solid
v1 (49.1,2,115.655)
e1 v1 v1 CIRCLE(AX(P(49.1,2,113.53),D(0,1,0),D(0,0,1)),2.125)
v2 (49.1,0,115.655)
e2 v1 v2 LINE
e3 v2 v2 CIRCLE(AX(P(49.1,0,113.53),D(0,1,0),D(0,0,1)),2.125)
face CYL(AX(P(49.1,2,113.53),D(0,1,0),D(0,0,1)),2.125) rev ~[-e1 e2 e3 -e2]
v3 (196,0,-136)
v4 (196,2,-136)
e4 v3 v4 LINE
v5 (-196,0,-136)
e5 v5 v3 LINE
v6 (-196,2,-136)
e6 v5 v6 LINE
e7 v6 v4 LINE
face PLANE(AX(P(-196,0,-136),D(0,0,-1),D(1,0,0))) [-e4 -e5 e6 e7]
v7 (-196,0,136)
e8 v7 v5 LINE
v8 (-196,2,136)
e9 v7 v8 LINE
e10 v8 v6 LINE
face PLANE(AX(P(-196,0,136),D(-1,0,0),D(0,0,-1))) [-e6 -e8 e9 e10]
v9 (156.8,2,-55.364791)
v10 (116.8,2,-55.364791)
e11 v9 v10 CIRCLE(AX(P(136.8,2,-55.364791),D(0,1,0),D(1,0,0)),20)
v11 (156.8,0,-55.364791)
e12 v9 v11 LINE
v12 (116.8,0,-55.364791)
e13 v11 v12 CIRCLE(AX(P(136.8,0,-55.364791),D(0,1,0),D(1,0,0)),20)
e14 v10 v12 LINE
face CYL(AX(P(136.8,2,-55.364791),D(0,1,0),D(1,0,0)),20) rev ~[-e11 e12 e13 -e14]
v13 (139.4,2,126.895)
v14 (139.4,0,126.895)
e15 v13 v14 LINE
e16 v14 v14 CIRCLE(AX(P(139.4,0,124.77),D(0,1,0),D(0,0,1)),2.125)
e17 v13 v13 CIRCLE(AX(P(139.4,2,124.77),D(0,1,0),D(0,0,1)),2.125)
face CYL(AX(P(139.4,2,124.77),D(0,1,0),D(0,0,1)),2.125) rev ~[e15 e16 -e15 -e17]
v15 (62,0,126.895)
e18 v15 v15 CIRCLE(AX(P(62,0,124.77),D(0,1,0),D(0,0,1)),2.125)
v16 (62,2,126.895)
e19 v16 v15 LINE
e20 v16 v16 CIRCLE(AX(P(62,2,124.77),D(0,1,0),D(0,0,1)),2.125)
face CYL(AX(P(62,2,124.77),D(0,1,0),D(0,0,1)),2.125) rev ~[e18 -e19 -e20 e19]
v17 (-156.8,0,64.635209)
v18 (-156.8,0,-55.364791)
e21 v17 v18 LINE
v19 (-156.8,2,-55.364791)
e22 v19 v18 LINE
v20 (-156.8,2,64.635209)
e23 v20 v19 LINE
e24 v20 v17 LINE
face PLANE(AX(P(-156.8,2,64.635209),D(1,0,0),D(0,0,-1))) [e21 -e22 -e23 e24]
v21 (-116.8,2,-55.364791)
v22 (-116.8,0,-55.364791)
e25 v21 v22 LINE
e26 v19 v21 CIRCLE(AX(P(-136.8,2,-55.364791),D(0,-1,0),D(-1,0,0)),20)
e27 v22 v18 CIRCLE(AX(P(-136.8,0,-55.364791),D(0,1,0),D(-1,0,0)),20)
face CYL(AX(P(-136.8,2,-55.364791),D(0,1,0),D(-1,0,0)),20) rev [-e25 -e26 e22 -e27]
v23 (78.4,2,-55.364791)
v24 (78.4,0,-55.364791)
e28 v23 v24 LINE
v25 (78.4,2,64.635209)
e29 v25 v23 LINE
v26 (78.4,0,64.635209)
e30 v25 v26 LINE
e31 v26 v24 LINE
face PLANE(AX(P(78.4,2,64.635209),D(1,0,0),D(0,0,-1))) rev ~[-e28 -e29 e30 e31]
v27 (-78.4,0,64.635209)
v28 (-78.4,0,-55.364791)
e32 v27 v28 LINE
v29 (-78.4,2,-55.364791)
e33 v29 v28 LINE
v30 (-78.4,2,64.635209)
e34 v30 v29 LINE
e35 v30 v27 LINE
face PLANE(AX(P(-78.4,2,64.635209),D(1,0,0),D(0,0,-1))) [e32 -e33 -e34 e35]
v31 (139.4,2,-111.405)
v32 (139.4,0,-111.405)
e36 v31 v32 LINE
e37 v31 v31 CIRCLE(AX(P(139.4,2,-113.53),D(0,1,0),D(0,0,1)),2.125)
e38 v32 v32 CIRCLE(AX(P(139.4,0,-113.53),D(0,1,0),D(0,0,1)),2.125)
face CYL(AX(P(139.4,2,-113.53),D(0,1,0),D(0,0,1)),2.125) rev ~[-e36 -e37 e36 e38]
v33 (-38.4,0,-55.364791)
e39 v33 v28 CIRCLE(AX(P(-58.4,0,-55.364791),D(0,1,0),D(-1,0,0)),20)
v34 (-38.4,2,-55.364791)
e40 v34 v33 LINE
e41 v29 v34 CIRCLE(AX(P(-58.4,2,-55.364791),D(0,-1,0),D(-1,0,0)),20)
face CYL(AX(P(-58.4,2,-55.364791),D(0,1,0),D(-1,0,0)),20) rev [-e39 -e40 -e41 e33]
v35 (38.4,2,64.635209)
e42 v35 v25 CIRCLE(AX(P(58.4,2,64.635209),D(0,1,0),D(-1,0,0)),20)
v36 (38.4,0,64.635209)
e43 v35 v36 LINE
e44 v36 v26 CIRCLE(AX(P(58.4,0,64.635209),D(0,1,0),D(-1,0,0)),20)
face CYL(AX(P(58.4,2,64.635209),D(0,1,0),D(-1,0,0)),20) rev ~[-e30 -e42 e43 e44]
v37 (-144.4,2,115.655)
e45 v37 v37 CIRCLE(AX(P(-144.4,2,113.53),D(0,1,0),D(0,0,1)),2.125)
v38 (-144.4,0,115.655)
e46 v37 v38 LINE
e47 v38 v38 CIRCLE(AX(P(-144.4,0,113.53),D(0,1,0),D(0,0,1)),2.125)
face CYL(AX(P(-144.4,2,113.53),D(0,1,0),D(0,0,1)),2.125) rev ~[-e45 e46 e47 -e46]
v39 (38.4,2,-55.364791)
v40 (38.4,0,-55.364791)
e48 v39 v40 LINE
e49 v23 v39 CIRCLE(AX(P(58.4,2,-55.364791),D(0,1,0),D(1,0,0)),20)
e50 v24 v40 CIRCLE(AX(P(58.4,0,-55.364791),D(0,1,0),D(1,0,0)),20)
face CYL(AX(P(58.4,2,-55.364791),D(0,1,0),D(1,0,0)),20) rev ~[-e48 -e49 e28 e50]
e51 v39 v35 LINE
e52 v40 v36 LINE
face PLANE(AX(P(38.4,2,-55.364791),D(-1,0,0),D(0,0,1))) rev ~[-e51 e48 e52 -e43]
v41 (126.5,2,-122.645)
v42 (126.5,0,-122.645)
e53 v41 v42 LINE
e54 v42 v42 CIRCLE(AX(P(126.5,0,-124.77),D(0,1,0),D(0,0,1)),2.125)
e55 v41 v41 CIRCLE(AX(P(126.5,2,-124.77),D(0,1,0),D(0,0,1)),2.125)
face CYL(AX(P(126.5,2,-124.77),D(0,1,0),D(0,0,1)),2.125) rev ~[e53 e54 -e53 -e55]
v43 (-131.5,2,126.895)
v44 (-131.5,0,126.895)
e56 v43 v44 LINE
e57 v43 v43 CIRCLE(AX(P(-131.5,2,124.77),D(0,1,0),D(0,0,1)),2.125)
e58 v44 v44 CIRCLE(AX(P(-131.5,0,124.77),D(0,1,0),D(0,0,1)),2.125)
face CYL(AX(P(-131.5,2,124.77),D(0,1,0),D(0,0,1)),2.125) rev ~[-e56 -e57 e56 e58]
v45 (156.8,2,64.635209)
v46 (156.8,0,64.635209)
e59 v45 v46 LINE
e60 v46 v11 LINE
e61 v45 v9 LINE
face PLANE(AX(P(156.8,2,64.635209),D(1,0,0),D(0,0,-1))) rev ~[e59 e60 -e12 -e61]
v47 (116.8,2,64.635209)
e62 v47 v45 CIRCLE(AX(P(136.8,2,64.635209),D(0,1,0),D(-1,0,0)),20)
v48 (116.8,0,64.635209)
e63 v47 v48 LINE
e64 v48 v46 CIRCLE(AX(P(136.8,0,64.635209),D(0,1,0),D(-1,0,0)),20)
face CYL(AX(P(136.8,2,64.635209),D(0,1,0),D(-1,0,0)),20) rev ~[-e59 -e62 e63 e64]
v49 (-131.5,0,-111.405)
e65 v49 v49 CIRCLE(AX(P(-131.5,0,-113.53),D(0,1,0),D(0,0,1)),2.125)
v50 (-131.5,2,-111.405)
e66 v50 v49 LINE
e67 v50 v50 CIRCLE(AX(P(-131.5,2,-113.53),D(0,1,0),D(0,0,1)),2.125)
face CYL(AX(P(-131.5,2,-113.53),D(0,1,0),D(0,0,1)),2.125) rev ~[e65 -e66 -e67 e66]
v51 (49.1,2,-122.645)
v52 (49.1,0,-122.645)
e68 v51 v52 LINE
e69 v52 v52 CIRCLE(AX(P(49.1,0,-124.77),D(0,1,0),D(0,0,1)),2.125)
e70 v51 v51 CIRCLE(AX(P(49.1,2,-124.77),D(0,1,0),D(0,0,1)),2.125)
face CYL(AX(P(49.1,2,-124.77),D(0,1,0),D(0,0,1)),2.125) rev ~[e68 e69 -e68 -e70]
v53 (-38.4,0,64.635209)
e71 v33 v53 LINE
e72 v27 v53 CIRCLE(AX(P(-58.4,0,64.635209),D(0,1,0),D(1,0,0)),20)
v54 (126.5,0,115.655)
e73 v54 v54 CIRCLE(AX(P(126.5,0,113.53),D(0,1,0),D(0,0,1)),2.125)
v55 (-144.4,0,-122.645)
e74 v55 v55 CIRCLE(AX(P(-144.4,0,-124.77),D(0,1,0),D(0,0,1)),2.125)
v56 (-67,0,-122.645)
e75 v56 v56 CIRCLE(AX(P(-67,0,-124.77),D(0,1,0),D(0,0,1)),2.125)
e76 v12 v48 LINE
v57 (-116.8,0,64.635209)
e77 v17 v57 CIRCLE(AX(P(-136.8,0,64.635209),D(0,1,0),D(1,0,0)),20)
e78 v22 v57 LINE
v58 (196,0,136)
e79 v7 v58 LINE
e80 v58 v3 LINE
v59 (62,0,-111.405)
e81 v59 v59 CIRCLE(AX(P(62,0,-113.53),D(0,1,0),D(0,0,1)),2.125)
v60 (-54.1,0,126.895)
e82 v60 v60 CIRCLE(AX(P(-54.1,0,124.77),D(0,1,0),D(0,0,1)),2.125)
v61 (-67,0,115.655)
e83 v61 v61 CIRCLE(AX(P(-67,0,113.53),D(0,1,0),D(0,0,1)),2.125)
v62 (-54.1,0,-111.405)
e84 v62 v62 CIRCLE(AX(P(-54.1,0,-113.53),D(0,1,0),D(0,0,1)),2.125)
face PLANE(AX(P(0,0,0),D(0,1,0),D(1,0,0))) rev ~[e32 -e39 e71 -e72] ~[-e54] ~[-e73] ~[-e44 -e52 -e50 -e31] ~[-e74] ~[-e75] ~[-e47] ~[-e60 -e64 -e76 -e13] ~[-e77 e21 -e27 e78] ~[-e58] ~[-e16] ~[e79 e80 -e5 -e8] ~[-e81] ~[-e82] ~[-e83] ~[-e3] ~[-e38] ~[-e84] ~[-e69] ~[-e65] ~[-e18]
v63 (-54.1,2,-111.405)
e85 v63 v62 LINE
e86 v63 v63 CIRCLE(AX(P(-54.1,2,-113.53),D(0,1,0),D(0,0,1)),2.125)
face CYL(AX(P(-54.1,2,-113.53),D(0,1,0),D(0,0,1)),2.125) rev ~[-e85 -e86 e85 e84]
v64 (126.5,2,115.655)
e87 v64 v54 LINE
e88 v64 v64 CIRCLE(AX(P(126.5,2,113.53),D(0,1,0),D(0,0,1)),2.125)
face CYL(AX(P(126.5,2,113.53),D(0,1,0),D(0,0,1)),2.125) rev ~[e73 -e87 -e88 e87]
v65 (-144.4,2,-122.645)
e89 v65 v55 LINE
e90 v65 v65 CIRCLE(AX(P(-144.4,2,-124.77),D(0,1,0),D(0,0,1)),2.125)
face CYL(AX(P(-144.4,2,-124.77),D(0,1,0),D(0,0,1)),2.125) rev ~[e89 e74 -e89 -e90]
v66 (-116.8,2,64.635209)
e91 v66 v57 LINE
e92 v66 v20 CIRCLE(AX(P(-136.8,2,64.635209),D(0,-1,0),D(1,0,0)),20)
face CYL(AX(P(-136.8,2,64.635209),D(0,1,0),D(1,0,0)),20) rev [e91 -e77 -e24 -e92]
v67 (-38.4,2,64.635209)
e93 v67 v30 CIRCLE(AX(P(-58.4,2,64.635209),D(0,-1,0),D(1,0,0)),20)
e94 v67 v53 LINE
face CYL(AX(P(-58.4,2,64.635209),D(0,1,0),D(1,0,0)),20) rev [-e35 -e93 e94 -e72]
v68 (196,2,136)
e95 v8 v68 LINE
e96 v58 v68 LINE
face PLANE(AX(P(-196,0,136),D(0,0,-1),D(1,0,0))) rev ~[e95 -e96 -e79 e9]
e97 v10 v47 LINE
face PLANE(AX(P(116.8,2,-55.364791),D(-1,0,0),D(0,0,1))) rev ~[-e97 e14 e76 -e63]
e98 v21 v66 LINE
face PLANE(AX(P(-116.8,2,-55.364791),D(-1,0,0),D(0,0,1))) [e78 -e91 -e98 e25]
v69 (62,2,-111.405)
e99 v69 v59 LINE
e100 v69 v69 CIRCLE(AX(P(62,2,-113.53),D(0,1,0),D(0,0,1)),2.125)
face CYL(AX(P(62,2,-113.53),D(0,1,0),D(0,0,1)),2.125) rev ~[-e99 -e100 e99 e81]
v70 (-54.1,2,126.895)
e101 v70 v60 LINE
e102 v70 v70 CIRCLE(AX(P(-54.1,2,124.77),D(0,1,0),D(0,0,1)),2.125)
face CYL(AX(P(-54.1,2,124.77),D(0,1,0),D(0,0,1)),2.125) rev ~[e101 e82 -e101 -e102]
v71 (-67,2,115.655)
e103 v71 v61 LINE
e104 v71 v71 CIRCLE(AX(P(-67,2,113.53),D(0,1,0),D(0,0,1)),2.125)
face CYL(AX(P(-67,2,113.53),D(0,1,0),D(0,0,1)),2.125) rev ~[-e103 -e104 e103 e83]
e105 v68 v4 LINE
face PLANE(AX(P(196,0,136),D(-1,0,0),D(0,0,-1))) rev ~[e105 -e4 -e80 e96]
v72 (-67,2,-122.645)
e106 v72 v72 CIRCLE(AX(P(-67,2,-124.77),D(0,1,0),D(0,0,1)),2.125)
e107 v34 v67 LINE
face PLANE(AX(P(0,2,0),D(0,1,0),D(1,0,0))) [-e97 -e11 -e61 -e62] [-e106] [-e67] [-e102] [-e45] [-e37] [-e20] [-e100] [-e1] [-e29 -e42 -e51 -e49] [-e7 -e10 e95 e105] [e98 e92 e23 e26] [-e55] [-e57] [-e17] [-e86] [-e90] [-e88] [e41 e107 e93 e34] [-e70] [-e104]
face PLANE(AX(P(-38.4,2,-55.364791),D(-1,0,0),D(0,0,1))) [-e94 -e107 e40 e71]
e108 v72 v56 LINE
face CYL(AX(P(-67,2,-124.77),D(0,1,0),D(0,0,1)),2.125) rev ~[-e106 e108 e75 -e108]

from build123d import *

# Parameters (mm, degrees)
SKETCH1_W                 = 392
SKETCH1_H                 = 272
BOSS_EXTRUDE1_DEPTH       = 2
CUT_EXTRUDE1_REACH        = 240.571
SKETCH2_R                 = 2.125
LPATTERN1_COUNT           = 2
LPATTERN1_PITCH           = 77.4
LPATTERN7_COUNT           = 2
LPATTERN7_PITCH           = 193.5
LPATTERN7_COPY_1_REACH    = 240.571
LPATTERN7_COPY_1_SKETCH_R = 2.125
CUT_EXTRUDE2_DEPTH        = 239.570744225


with BuildPart() as part:
    # Sketch1 → Boss-Extrude1 (new body)
    with BuildSketch(Plane(origin=(0, 0, 0), x_dir=(1, 0, 0), z_dir=(0, 1, 0))):
        Rectangle(SKETCH1_W, SKETCH1_H)
    extrude(amount=BOSS_EXTRUDE1_DEPTH)

    # Sketch2 → Cut-Extrude1 (cut, up to next)
    with BuildSketch(Plane(origin=(0, 2, 0), x_dir=(1, 0, 0), z_dir=(0, 1, 0)), mode=Mode.PRIVATE) as cut_extrude1_sk1:
        with Locations(Location((139.4, -124.77, 0), (0, 0, 270))):
            Circle(SKETCH2_R)
    cut_extrude1_tool1 = extrude(cut_extrude1_sk1.sketch, amount=-CUT_EXTRUDE1_REACH, mode=Mode.PRIVATE) & part.part
    # Sketch2 → Cut-Extrude1 (cut, up to next)
    with BuildSketch(Plane(origin=(0, 2, 0), x_dir=(1, 0, 0), z_dir=(0, 1, 0)), mode=Mode.PRIVATE) as cut_extrude1_sk2:
        with Locations(Location((126.5, -113.53, 0), (0, 0, 270))):
            Circle(SKETCH2_R)
    cut_extrude1_tool2 = extrude(cut_extrude1_sk2.sketch, amount=-CUT_EXTRUDE1_REACH, mode=Mode.PRIVATE) & part.part
    # Sketch2 → Cut-Extrude1 (cut, up to next)
    with BuildSketch(Plane(origin=(0, 2, 0), x_dir=(1, 0, 0), z_dir=(0, 1, 0)), mode=Mode.PRIVATE) as cut_extrude1_sk3:
        with Locations(Location((126.5, 124.77, 0), (0, 0, 270))):
            Circle(SKETCH2_R)
    cut_extrude1_tool3 = extrude(cut_extrude1_sk3.sketch, amount=-CUT_EXTRUDE1_REACH, mode=Mode.PRIVATE) & part.part
    # Sketch2 → Cut-Extrude1 (cut, up to next)
    with BuildSketch(Plane(origin=(0, 2, 0), x_dir=(1, 0, 0), z_dir=(0, 1, 0)), mode=Mode.PRIVATE) as cut_extrude1_sk4:
        with Locations(Location((139.4, 113.53, 0), (0, 0, 270))):
            Circle(SKETCH2_R)
    cut_extrude1_tool4 = extrude(cut_extrude1_sk4.sketch, amount=-CUT_EXTRUDE1_REACH, mode=Mode.PRIVATE) & part.part
    cut_extrude1_1 = cut_extrude1_tool1.solids().sort_by_distance((139.4, 2, 124.77))[0]
    add(cut_extrude1_1, mode=Mode.SUBTRACT)
    cut_extrude1_2 = cut_extrude1_tool2.solids().sort_by_distance((126.5, 2, 113.53))[0]
    add(cut_extrude1_2, mode=Mode.SUBTRACT)
    cut_extrude1_3 = cut_extrude1_tool3.solids().sort_by_distance((126.5, 2, -124.77))[0]
    add(cut_extrude1_3, mode=Mode.SUBTRACT)
    cut_extrude1_4 = cut_extrude1_tool4.solids().sort_by_distance((139.4, 2, -113.53))[0]
    add(cut_extrude1_4, mode=Mode.SUBTRACT)
    cut_extrude1 = cut_extrude1_1 + cut_extrude1_2 + cut_extrude1_3 + cut_extrude1_4  # Cut-Extrude1 as one shape, for the pattern or mirror that repeats it

    # LPattern1: Cut-Extrude1 ×2
    with Locations(*[(-i * LPATTERN1_PITCH, 0, 0) for i in range(1, LPATTERN1_COUNT)]):
        add(cut_extrude1, mode=Mode.SUBTRACT)

    # LPattern7: Cut-Extrude1 ×2
    with Locations(*[(-i * LPATTERN7_PITCH, 0, 0) for i in range(1, LPATTERN7_COUNT)]):
        add(cut_extrude1, mode=Mode.SUBTRACT)

    # LPattern7 copy 1 sketch → LPattern7 copy 1 (cut, up to next)
    with BuildSketch(Plane(origin=(-270.9, 2, 0), x_dir=(1, 0, 0), z_dir=(0, 1, 0)), mode=Mode.PRIVATE) as lpattern7_copy_1_sk1:
        with Locations(Location((139.4, -124.77, 0), (0, 0, 270))):
            Circle(LPATTERN7_COPY_1_SKETCH_R)
    lpattern7_copy_1_tool1 = extrude(lpattern7_copy_1_sk1.sketch, amount=-LPATTERN7_COPY_1_REACH, mode=Mode.PRIVATE) & part.part
    # LPattern7 copy 1 sketch → LPattern7 copy 1 (cut, up to next)
    with BuildSketch(Plane(origin=(-270.9, 2, 0), x_dir=(1, 0, 0), z_dir=(0, 1, 0)), mode=Mode.PRIVATE) as lpattern7_copy_1_sk2:
        with Locations(Location((126.5, -113.53, 0), (0, 0, 270))):
            Circle(LPATTERN7_COPY_1_SKETCH_R)
    lpattern7_copy_1_tool2 = extrude(lpattern7_copy_1_sk2.sketch, amount=-LPATTERN7_COPY_1_REACH, mode=Mode.PRIVATE) & part.part
    # LPattern7 copy 1 sketch → LPattern7 copy 1 (cut, up to next)
    with BuildSketch(Plane(origin=(-270.9, 2, 0), x_dir=(1, 0, 0), z_dir=(0, 1, 0)), mode=Mode.PRIVATE) as lpattern7_copy_1_sk3:
        with Locations(Location((126.5, 124.77, 0), (0, 0, 270))):
            Circle(LPATTERN7_COPY_1_SKETCH_R)
    lpattern7_copy_1_tool3 = extrude(lpattern7_copy_1_sk3.sketch, amount=-LPATTERN7_COPY_1_REACH, mode=Mode.PRIVATE) & part.part
    # LPattern7 copy 1 sketch → LPattern7 copy 1 (cut, up to next)
    with BuildSketch(Plane(origin=(-270.9, 2, 0), x_dir=(1, 0, 0), z_dir=(0, 1, 0)), mode=Mode.PRIVATE) as lpattern7_copy_1_sk4:
        with Locations(Location((139.4, 113.53, 0), (0, 0, 270))):
            Circle(LPATTERN7_COPY_1_SKETCH_R)
    lpattern7_copy_1_tool4 = extrude(lpattern7_copy_1_sk4.sketch, amount=-LPATTERN7_COPY_1_REACH, mode=Mode.PRIVATE) & part.part
    add(lpattern7_copy_1_tool1.solids().sort_by_distance((-131.5, 2, 124.77))[0], mode=Mode.SUBTRACT)
    add(lpattern7_copy_1_tool2.solids().sort_by_distance((-144.4, 2, 113.53))[0], mode=Mode.SUBTRACT)
    add(lpattern7_copy_1_tool3.solids().sort_by_distance((-144.4, 2, -124.77))[0], mode=Mode.SUBTRACT)
    add(lpattern7_copy_1_tool4.solids().sort_by_distance((-131.5, 2, -113.53))[0], mode=Mode.SUBTRACT)

    # Sketch3 → Cut-Extrude2 (cut, through all)
    with BuildSketch(Plane(origin=(0, 2, 0), x_dir=(1, 0, 0), z_dir=(0, 1, 0))):
        with BuildLine():
            Line((-116.8, 55.364791438), (-116.8, -64.635208562))
            ThreePointArc((-116.8, -64.635208562), (-136.8, -84.635208562), (-156.8, -64.635208562))
            Line((-156.8, -64.635208562), (-156.8, 55.364791438))
            ThreePointArc((-156.8, 55.364791438), (-136.8, 75.364791438), (-116.8, 55.364791438))
        make_face()
        with BuildLine():
            Line((-38.4, 55.364791438), (-38.4, -64.635208562))
            ThreePointArc((-38.4, -64.635208562), (-58.4, -84.635208562), (-78.4, -64.635208562))
            Line((-78.4, -64.635208562), (-78.4, 55.364791438))
            ThreePointArc((-78.4, 55.364791438), (-58.4, 75.364791438), (-38.4, 55.364791438))
        make_face()
        with BuildLine():
            Line((38.4, 55.364791438), (38.4, -64.635208562))
            ThreePointArc((38.4, -64.635208562), (58.4, -84.635208562), (78.4, -64.635208562))
            Line((78.4, -64.635208562), (78.4, 55.364791438))
            ThreePointArc((78.4, 55.364791438), (58.4, 75.364791438), (38.4, 55.364791438))
        make_face()
        with BuildLine():
            Line((116.8, 55.364791438), (116.8, -64.635208562))
            ThreePointArc((116.8, -64.635208562), (136.8, -84.635208562), (156.8, -64.635208562))
            Line((156.8, -64.635208562), (156.8, 55.364791438))
            ThreePointArc((156.8, 55.364791438), (136.8, 75.364791438), (116.8, 55.364791438))
        make_face()
    extrude(amount=-CUT_EXTRUDE2_DEPTH, mode=Mode.SUBTRACT)


solid = part.part
